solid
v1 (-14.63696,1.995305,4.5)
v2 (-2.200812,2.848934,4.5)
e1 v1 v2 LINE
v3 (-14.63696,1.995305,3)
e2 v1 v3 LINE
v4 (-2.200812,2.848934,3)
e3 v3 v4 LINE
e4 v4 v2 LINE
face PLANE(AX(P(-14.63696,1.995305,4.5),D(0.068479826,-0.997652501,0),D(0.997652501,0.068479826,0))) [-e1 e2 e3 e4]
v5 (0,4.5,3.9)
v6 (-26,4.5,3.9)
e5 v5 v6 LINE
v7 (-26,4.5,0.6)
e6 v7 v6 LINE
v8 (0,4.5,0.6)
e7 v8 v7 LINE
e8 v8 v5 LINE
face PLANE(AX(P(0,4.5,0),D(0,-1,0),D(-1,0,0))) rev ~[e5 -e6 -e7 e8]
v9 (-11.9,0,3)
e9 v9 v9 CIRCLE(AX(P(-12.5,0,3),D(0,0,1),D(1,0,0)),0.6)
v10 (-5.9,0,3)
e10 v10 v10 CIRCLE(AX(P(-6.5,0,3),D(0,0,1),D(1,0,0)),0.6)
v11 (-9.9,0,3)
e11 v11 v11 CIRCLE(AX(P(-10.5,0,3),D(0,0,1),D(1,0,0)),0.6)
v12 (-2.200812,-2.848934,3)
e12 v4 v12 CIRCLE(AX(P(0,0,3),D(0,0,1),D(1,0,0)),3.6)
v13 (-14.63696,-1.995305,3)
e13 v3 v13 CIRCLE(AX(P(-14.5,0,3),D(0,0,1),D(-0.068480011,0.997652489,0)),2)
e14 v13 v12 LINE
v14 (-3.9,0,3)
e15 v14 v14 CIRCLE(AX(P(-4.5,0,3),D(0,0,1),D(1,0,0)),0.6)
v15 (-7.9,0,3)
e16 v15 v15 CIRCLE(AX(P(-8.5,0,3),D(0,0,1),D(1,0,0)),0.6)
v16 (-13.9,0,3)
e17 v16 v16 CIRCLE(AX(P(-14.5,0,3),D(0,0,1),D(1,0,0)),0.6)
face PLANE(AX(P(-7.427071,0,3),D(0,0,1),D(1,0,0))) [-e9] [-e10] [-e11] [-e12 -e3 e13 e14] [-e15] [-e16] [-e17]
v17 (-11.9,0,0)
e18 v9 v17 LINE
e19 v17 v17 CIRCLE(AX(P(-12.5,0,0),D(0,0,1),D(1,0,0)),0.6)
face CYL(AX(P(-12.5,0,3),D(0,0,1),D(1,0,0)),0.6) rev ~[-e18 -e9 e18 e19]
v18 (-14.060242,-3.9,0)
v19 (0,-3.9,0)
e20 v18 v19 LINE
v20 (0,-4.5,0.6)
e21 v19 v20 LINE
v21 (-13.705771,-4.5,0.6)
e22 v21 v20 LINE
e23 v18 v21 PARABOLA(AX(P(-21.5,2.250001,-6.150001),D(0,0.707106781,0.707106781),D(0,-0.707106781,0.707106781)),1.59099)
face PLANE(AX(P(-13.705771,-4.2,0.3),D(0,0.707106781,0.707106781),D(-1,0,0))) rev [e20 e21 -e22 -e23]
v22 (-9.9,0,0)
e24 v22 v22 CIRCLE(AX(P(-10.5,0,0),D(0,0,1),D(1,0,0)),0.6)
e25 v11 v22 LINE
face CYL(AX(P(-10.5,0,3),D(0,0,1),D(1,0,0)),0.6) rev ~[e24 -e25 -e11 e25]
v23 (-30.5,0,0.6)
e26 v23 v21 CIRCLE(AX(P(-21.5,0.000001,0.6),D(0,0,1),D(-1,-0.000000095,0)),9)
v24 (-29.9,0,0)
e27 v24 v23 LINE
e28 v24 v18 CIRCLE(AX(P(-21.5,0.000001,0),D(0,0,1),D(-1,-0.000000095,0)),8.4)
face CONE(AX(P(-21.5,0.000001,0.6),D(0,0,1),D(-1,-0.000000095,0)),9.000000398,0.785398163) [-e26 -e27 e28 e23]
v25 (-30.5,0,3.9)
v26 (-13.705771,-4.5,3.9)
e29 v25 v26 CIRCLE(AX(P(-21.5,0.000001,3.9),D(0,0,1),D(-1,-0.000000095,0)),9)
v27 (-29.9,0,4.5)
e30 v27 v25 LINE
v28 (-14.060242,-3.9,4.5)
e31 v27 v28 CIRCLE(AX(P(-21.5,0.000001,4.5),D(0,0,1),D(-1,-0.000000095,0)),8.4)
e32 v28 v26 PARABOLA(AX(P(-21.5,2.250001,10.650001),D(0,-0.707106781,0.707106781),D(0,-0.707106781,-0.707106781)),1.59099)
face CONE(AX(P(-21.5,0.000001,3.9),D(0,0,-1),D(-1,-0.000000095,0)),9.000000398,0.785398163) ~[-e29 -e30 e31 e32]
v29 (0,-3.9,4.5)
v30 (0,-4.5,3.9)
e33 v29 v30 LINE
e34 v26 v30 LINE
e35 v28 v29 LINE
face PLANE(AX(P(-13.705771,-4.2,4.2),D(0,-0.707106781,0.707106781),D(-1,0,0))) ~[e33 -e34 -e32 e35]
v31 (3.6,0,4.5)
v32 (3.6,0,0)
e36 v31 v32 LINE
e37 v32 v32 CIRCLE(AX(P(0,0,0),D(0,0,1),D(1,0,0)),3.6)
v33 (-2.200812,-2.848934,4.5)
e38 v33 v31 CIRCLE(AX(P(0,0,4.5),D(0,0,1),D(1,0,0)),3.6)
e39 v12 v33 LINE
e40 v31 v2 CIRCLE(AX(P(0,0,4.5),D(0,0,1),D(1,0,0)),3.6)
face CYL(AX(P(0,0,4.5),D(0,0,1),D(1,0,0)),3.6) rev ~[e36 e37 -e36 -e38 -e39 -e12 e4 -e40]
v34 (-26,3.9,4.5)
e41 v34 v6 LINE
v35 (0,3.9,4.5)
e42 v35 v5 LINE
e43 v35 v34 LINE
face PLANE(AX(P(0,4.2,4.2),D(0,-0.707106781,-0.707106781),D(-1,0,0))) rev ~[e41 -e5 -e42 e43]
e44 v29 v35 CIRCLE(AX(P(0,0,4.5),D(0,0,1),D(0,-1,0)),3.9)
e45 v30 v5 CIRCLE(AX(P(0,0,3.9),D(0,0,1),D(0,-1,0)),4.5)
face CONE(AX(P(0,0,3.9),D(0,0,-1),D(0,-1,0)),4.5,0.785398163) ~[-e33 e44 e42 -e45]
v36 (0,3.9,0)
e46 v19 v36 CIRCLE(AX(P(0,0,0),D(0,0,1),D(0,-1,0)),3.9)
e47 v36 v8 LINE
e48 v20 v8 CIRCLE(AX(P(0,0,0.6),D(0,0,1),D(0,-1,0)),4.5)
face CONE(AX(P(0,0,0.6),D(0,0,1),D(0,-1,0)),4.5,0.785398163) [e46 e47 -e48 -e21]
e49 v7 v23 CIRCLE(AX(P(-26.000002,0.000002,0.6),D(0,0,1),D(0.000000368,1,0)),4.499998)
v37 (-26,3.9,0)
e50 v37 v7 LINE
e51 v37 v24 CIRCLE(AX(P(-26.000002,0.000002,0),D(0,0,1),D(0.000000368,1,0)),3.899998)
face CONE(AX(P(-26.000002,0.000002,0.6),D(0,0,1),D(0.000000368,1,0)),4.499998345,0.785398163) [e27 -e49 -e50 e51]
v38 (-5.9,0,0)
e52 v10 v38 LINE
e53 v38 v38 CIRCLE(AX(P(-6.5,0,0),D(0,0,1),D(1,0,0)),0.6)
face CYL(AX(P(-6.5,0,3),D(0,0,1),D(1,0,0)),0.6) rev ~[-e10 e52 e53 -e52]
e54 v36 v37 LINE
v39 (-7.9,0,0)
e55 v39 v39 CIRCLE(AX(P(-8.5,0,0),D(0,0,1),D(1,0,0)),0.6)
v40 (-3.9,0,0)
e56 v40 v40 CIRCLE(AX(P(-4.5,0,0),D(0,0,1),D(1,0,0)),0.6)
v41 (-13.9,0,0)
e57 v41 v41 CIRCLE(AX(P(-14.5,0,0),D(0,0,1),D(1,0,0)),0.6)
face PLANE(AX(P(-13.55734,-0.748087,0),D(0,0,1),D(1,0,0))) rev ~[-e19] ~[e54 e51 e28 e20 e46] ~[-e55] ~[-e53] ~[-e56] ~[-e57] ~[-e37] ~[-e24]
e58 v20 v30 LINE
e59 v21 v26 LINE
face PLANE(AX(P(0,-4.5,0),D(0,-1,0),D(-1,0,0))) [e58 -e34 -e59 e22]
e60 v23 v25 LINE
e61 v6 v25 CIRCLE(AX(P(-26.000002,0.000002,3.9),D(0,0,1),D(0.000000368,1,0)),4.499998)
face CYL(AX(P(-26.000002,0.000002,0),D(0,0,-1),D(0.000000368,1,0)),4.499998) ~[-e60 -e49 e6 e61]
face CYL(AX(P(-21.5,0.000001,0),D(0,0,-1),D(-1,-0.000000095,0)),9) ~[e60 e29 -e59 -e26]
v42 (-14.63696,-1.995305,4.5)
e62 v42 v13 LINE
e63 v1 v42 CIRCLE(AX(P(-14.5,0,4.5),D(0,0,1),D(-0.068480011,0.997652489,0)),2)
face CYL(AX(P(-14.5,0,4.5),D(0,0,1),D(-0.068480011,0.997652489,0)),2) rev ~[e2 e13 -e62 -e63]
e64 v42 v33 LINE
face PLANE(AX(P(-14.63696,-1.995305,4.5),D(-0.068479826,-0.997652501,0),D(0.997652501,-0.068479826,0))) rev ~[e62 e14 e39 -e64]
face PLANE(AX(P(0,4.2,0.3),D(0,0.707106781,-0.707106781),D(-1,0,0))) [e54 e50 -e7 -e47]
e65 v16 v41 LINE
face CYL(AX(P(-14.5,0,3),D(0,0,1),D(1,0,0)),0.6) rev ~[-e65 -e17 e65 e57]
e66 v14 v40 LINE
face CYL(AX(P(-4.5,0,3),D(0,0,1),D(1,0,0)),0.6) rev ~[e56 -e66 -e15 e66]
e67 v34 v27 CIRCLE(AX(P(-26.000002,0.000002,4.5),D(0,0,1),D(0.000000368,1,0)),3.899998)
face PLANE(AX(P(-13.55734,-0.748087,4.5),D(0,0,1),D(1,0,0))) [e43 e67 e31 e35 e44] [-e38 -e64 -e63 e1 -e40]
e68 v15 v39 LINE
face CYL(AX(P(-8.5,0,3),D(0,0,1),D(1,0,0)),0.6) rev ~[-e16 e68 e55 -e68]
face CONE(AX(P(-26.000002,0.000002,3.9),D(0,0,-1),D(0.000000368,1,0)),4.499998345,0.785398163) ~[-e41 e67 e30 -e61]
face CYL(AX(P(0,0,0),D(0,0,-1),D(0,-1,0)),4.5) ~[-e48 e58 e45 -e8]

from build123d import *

# Parameters (mm, degrees)
PAD_DEPTH       = 4.5
SKETCH001_R     = 3.6
POCKET_DEPTH    = 4.501
POCKET001_DEPTH = 1.5
SKETCH003_R     = 0.6
POCKET002_DEPTH = 3.001
CHAMFER_SIZE    = 0.6


with BuildPart() as part:
    # Sketch → Pad (new body)
    with BuildSketch(Plane.XY):
        with BuildLine():
            ThreePointArc((0, -4.5), (4.5, 0), (0, 4.5))
            Line((0, 4.5), (-26, 4.5))
            ThreePointArc((-26, 4.5), (-29.181981, 3.181981), (-30.5, 0))
            ThreePointArc((-30.5, 0), (-23.829371, -8.693332), (-13.705771, -4.5))
            Line((0, -4.5), (-13.705771, -4.5))
        make_face()
    extrude(amount=PAD_DEPTH)

    # Sketch001 (on Face7 of Pad) → Pocket (cut, through all)
    with BuildSketch(Plane.XY.offset(4.5)):
        Circle(SKETCH001_R)
    extrude(amount=-POCKET_DEPTH, mode=Mode.SUBTRACT)

    # Sketch002 (on Face5 of Pocket) → Pocket001 (cut)
    with BuildSketch(Plane.XY.offset(4.5)):
        with BuildLine():
            ThreePointArc((-14.63696, 1.995305), (-16.5, 0), (-14.63696, -1.995305))
            Line((-14.63696, -1.995305), (0, -3))
            Line((0, 3), (0, -3))
            Line((-14.63696, 1.995305), (0, 3))
        make_face()
    extrude(amount=-POCKET001_DEPTH, mode=Mode.SUBTRACT)

    # Sketch003 (on Face12 of Pocket001) → Pocket002 (cut, through all)
    with BuildSketch(Plane.XY.offset(3)):
        with Locations((-14.5, 0)):
            Circle(SKETCH003_R)
        with Locations((-12.5, 0)):
            Circle(SKETCH003_R)
        with Locations((-10.5, 0)):
            Circle(SKETCH003_R)
        with Locations((-8.5, 0)):
            Circle(SKETCH003_R)
        with Locations((-6.5, 0)):
            Circle(SKETCH003_R)
        with Locations((-4.5, 0)):
            Circle(SKETCH003_R)
    extrude(amount=-POCKET002_DEPTH, mode=Mode.SUBTRACT)

    # Chamfer
    chamfer_edges = [part.edges().sort_by_distance(p)[0] for p in [
        (-23.829371, -8.693332, 4.5),
        (-23.829371, -8.693332, 0),
    ]]
    chamfer(chamfer_edges, length=CHAMFER_SIZE)


solid = part.part
